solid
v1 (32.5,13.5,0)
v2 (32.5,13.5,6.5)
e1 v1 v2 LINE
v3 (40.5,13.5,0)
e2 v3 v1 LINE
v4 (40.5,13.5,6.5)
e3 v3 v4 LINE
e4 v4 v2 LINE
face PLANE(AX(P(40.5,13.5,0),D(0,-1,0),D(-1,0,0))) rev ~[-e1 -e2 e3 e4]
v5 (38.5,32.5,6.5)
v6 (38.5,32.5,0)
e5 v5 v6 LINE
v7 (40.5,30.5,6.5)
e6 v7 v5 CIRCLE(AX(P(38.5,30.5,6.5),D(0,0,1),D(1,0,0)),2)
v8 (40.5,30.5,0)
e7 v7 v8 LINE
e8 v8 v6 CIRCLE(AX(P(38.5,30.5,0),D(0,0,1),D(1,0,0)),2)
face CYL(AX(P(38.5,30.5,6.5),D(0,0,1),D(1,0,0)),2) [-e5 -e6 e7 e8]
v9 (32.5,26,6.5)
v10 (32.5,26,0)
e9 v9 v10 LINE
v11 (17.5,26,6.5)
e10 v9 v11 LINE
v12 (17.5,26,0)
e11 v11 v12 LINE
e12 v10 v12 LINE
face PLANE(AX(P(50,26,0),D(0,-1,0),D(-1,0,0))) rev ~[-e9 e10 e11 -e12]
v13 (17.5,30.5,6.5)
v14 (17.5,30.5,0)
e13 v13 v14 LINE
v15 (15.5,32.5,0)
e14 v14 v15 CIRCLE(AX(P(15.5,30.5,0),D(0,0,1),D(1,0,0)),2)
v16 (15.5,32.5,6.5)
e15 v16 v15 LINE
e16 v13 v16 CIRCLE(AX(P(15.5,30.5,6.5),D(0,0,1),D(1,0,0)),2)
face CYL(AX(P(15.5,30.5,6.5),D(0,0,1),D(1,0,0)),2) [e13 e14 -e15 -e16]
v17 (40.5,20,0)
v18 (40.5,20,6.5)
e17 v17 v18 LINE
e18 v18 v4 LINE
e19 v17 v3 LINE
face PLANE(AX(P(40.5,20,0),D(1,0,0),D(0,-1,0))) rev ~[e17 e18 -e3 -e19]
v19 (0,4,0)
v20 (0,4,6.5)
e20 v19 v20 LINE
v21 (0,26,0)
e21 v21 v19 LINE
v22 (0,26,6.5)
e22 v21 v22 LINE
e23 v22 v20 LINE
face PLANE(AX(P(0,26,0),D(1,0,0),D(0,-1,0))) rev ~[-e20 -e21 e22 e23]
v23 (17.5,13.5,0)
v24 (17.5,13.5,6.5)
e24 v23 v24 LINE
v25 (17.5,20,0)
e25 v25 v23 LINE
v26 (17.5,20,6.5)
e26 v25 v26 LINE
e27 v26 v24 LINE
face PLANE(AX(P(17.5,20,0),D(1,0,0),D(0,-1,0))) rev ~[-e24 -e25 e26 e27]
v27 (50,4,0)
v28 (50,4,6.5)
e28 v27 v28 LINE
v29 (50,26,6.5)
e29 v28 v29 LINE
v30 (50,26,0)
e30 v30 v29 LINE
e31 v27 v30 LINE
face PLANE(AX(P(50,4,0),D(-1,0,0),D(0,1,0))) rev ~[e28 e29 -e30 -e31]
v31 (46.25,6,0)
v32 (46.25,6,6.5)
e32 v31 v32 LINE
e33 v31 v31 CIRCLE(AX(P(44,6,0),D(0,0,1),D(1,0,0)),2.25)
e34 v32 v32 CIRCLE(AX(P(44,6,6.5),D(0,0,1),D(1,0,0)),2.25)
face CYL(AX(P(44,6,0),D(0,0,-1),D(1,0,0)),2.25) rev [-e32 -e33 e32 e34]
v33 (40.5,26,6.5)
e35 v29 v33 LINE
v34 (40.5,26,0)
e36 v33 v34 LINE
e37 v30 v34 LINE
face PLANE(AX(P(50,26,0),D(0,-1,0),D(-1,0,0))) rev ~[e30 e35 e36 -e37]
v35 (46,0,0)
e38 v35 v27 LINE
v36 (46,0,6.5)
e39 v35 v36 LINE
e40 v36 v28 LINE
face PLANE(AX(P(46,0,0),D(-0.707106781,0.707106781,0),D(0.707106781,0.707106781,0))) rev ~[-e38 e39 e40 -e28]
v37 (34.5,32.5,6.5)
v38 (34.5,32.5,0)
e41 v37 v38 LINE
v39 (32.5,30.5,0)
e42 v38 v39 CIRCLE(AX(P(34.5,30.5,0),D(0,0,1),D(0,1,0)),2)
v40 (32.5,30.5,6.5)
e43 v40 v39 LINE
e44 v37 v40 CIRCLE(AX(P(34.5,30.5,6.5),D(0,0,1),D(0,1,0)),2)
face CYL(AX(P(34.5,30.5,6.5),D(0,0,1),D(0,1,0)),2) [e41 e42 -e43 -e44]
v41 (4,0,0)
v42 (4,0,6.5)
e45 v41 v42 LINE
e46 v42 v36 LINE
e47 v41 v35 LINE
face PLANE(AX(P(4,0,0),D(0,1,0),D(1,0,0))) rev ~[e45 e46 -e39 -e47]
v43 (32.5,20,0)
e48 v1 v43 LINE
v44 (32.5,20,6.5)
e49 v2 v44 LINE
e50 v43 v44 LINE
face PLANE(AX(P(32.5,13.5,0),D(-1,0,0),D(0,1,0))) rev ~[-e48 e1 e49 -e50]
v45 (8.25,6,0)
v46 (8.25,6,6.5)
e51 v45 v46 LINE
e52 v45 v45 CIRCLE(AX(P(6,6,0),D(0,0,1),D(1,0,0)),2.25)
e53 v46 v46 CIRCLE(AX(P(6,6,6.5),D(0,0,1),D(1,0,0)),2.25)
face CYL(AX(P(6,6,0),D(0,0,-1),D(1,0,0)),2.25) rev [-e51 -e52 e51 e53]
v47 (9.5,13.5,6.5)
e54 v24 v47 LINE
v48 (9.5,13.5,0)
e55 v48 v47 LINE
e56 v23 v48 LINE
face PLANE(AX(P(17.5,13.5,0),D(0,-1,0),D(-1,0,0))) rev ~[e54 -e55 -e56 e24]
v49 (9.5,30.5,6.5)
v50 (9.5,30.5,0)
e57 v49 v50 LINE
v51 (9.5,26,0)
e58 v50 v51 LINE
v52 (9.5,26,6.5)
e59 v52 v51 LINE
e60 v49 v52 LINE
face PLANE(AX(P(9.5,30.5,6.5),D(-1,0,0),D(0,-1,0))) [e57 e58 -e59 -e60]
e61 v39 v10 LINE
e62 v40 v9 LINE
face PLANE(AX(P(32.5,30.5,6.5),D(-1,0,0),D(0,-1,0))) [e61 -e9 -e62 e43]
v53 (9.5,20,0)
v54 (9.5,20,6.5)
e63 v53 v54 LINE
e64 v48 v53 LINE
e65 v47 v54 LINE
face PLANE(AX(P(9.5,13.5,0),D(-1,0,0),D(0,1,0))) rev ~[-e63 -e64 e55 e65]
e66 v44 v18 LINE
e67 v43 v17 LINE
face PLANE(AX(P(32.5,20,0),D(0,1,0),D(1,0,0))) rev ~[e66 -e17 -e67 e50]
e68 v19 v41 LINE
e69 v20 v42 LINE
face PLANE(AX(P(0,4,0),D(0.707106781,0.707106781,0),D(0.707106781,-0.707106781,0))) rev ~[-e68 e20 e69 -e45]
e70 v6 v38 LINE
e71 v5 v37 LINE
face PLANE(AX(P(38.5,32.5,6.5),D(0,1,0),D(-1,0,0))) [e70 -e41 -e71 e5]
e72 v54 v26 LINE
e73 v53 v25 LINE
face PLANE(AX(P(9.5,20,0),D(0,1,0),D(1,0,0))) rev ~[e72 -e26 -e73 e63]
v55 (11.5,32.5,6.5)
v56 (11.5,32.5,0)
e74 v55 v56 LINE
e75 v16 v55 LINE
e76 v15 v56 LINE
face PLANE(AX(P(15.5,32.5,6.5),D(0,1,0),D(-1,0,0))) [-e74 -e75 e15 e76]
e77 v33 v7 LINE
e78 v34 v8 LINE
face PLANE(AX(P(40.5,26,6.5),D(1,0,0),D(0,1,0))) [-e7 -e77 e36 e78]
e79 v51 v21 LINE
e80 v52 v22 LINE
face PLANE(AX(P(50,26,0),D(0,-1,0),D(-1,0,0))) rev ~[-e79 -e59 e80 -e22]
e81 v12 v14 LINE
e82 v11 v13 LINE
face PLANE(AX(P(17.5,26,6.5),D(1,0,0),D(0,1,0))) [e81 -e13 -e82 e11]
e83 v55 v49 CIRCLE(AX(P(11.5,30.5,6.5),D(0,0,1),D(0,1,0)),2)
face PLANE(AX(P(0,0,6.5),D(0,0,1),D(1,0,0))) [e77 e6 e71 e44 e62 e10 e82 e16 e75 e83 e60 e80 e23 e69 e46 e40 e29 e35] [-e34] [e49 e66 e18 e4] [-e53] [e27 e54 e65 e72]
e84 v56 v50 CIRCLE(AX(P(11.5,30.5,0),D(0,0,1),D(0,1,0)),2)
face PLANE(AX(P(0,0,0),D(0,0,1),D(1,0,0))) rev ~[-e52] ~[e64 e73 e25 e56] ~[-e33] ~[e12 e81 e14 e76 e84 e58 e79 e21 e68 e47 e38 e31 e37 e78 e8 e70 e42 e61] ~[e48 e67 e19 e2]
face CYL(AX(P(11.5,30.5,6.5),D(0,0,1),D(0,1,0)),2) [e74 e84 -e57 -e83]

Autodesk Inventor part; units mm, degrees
ref_plane "YZ Plane" through (0, 0, 0) normal (1, 0, 0) x (0, 1, 0)
ref_plane "XZ Plane" through (0, 0, 0) normal (0, 1, 0) x (-1, 0, 0)
ref_plane "XY Plane" through (0, 0, 0) normal (0, 0, 1) x (1, 0, 0)
sketch "Sketch1" plane through (0, 0, 0) normal (0, 0, 1) x (1, 0, 0)
  line L0 (4, 0) -> (46, 0)
  line L1 (50, 4) -> (50, 26)
  line L2 (50, 26) -> (0, 26)
  line L3 (0, 26) -> (0, 4)
  line L4 (0, 4) -> (4, 0)
  line L5 (46, 0) -> (50, 4)
  circle A0 centre (6, 6) radius 2.25
  circle A1 centre (44, 6) radius 2.25
  line L6 (9.5, 20) -> (17.5, 20)
  line L7 (17.5, 20) -> (17.5, 13.5)
  line L8 (17.5, 13.5) -> (9.5, 13.5)
  line L9 (9.5, 13.5) -> (9.5, 20)
  line L10 (32.5, 20) -> (40.5, 20)
  line L11 (40.5, 20) -> (40.5, 13.5)
  line L12 (40.5, 13.5) -> (32.5, 13.5)
  line L13 (32.5, 13.5) -> (32.5, 20)
  line L14 (17.5, 20) -> (32.5, 13.5) construction
  line L15 (32.5, 20) -> (17.5, 13.5) construction
  point P0 (0, 0)
  point P1 (50, 0)
  point P2 (25, 16.75)
  point P3 (25, 26)
  dimension "d0" = 26
  dimension "d1" = 50
  dimension "d2" = 4
  dimension "d3" = 4
  dimension "d4" = 4
  dimension "d5" = 4
  dimension "d6" = 4.5
  dimension "d7" = 4.5
  dimension "d8" = 20
  dimension "d9" = 6
  dimension "d10" = 6
  dimension "d11" = 6.5
  dimension "d12" = 8
  dimension "d13" = 8
  dimension "d14" = 15
  dimension "d15" = 6
extrude "Extrusion1" add sketch "Sketch1" along normal blind 6.5
sketch "Sketch2" plane through (0, 0, 6.5) normal (0, 0, 1) x (1, 0, 0)
  line L0 (17.5, 20) -> (17.5, 13.5) projected
  line L1 (50, 26) -> (0, 26) projected
  line L2 (9.5, 26) -> (17.5, 26)
  line L3 (17.5, 26) -> (17.5, 30.5)
  line L4 (15.5, 32.5) -> (11.5, 32.5)
  line L5 (9.5, 30.5) -> (9.5, 26)
  line L6 (32.5, 26) -> (40.5, 26)
  line L7 (40.5, 26) -> (40.5, 30.5)
  line L8 (38.5, 32.5) -> (34.5, 32.5)
  line L9 (32.5, 30.5) -> (32.5, 26)
  arc A0 (11.5, 32.5) -> (9.5, 30.5) centre (11.5, 30.5) ccw
  arc A1 (17.5, 30.5) -> (15.5, 32.5) centre (15.5, 30.5) ccw
  arc A2 (34.5, 32.5) -> (32.5, 30.5) centre (34.5, 30.5) ccw
  arc A3 (40.5, 30.5) -> (38.5, 32.5) centre (38.5, 30.5) ccw
  point P0 (0, 0)
  dimension "d18" = 2
  dimension "d19" = 8
  dimension "d20" = 8
  dimension "d21" = 15
  dimension "d22" = 6.5
extrude "Extrusion2" add sketch "Sketch2" against normal blind 6.5
equation "\"d3\" = d2"
equation "\"d4\" = d2"
equation "\"d5\" = d4"
properties part number "y_carriage_belt_mount" material "Plywood, Finish"
